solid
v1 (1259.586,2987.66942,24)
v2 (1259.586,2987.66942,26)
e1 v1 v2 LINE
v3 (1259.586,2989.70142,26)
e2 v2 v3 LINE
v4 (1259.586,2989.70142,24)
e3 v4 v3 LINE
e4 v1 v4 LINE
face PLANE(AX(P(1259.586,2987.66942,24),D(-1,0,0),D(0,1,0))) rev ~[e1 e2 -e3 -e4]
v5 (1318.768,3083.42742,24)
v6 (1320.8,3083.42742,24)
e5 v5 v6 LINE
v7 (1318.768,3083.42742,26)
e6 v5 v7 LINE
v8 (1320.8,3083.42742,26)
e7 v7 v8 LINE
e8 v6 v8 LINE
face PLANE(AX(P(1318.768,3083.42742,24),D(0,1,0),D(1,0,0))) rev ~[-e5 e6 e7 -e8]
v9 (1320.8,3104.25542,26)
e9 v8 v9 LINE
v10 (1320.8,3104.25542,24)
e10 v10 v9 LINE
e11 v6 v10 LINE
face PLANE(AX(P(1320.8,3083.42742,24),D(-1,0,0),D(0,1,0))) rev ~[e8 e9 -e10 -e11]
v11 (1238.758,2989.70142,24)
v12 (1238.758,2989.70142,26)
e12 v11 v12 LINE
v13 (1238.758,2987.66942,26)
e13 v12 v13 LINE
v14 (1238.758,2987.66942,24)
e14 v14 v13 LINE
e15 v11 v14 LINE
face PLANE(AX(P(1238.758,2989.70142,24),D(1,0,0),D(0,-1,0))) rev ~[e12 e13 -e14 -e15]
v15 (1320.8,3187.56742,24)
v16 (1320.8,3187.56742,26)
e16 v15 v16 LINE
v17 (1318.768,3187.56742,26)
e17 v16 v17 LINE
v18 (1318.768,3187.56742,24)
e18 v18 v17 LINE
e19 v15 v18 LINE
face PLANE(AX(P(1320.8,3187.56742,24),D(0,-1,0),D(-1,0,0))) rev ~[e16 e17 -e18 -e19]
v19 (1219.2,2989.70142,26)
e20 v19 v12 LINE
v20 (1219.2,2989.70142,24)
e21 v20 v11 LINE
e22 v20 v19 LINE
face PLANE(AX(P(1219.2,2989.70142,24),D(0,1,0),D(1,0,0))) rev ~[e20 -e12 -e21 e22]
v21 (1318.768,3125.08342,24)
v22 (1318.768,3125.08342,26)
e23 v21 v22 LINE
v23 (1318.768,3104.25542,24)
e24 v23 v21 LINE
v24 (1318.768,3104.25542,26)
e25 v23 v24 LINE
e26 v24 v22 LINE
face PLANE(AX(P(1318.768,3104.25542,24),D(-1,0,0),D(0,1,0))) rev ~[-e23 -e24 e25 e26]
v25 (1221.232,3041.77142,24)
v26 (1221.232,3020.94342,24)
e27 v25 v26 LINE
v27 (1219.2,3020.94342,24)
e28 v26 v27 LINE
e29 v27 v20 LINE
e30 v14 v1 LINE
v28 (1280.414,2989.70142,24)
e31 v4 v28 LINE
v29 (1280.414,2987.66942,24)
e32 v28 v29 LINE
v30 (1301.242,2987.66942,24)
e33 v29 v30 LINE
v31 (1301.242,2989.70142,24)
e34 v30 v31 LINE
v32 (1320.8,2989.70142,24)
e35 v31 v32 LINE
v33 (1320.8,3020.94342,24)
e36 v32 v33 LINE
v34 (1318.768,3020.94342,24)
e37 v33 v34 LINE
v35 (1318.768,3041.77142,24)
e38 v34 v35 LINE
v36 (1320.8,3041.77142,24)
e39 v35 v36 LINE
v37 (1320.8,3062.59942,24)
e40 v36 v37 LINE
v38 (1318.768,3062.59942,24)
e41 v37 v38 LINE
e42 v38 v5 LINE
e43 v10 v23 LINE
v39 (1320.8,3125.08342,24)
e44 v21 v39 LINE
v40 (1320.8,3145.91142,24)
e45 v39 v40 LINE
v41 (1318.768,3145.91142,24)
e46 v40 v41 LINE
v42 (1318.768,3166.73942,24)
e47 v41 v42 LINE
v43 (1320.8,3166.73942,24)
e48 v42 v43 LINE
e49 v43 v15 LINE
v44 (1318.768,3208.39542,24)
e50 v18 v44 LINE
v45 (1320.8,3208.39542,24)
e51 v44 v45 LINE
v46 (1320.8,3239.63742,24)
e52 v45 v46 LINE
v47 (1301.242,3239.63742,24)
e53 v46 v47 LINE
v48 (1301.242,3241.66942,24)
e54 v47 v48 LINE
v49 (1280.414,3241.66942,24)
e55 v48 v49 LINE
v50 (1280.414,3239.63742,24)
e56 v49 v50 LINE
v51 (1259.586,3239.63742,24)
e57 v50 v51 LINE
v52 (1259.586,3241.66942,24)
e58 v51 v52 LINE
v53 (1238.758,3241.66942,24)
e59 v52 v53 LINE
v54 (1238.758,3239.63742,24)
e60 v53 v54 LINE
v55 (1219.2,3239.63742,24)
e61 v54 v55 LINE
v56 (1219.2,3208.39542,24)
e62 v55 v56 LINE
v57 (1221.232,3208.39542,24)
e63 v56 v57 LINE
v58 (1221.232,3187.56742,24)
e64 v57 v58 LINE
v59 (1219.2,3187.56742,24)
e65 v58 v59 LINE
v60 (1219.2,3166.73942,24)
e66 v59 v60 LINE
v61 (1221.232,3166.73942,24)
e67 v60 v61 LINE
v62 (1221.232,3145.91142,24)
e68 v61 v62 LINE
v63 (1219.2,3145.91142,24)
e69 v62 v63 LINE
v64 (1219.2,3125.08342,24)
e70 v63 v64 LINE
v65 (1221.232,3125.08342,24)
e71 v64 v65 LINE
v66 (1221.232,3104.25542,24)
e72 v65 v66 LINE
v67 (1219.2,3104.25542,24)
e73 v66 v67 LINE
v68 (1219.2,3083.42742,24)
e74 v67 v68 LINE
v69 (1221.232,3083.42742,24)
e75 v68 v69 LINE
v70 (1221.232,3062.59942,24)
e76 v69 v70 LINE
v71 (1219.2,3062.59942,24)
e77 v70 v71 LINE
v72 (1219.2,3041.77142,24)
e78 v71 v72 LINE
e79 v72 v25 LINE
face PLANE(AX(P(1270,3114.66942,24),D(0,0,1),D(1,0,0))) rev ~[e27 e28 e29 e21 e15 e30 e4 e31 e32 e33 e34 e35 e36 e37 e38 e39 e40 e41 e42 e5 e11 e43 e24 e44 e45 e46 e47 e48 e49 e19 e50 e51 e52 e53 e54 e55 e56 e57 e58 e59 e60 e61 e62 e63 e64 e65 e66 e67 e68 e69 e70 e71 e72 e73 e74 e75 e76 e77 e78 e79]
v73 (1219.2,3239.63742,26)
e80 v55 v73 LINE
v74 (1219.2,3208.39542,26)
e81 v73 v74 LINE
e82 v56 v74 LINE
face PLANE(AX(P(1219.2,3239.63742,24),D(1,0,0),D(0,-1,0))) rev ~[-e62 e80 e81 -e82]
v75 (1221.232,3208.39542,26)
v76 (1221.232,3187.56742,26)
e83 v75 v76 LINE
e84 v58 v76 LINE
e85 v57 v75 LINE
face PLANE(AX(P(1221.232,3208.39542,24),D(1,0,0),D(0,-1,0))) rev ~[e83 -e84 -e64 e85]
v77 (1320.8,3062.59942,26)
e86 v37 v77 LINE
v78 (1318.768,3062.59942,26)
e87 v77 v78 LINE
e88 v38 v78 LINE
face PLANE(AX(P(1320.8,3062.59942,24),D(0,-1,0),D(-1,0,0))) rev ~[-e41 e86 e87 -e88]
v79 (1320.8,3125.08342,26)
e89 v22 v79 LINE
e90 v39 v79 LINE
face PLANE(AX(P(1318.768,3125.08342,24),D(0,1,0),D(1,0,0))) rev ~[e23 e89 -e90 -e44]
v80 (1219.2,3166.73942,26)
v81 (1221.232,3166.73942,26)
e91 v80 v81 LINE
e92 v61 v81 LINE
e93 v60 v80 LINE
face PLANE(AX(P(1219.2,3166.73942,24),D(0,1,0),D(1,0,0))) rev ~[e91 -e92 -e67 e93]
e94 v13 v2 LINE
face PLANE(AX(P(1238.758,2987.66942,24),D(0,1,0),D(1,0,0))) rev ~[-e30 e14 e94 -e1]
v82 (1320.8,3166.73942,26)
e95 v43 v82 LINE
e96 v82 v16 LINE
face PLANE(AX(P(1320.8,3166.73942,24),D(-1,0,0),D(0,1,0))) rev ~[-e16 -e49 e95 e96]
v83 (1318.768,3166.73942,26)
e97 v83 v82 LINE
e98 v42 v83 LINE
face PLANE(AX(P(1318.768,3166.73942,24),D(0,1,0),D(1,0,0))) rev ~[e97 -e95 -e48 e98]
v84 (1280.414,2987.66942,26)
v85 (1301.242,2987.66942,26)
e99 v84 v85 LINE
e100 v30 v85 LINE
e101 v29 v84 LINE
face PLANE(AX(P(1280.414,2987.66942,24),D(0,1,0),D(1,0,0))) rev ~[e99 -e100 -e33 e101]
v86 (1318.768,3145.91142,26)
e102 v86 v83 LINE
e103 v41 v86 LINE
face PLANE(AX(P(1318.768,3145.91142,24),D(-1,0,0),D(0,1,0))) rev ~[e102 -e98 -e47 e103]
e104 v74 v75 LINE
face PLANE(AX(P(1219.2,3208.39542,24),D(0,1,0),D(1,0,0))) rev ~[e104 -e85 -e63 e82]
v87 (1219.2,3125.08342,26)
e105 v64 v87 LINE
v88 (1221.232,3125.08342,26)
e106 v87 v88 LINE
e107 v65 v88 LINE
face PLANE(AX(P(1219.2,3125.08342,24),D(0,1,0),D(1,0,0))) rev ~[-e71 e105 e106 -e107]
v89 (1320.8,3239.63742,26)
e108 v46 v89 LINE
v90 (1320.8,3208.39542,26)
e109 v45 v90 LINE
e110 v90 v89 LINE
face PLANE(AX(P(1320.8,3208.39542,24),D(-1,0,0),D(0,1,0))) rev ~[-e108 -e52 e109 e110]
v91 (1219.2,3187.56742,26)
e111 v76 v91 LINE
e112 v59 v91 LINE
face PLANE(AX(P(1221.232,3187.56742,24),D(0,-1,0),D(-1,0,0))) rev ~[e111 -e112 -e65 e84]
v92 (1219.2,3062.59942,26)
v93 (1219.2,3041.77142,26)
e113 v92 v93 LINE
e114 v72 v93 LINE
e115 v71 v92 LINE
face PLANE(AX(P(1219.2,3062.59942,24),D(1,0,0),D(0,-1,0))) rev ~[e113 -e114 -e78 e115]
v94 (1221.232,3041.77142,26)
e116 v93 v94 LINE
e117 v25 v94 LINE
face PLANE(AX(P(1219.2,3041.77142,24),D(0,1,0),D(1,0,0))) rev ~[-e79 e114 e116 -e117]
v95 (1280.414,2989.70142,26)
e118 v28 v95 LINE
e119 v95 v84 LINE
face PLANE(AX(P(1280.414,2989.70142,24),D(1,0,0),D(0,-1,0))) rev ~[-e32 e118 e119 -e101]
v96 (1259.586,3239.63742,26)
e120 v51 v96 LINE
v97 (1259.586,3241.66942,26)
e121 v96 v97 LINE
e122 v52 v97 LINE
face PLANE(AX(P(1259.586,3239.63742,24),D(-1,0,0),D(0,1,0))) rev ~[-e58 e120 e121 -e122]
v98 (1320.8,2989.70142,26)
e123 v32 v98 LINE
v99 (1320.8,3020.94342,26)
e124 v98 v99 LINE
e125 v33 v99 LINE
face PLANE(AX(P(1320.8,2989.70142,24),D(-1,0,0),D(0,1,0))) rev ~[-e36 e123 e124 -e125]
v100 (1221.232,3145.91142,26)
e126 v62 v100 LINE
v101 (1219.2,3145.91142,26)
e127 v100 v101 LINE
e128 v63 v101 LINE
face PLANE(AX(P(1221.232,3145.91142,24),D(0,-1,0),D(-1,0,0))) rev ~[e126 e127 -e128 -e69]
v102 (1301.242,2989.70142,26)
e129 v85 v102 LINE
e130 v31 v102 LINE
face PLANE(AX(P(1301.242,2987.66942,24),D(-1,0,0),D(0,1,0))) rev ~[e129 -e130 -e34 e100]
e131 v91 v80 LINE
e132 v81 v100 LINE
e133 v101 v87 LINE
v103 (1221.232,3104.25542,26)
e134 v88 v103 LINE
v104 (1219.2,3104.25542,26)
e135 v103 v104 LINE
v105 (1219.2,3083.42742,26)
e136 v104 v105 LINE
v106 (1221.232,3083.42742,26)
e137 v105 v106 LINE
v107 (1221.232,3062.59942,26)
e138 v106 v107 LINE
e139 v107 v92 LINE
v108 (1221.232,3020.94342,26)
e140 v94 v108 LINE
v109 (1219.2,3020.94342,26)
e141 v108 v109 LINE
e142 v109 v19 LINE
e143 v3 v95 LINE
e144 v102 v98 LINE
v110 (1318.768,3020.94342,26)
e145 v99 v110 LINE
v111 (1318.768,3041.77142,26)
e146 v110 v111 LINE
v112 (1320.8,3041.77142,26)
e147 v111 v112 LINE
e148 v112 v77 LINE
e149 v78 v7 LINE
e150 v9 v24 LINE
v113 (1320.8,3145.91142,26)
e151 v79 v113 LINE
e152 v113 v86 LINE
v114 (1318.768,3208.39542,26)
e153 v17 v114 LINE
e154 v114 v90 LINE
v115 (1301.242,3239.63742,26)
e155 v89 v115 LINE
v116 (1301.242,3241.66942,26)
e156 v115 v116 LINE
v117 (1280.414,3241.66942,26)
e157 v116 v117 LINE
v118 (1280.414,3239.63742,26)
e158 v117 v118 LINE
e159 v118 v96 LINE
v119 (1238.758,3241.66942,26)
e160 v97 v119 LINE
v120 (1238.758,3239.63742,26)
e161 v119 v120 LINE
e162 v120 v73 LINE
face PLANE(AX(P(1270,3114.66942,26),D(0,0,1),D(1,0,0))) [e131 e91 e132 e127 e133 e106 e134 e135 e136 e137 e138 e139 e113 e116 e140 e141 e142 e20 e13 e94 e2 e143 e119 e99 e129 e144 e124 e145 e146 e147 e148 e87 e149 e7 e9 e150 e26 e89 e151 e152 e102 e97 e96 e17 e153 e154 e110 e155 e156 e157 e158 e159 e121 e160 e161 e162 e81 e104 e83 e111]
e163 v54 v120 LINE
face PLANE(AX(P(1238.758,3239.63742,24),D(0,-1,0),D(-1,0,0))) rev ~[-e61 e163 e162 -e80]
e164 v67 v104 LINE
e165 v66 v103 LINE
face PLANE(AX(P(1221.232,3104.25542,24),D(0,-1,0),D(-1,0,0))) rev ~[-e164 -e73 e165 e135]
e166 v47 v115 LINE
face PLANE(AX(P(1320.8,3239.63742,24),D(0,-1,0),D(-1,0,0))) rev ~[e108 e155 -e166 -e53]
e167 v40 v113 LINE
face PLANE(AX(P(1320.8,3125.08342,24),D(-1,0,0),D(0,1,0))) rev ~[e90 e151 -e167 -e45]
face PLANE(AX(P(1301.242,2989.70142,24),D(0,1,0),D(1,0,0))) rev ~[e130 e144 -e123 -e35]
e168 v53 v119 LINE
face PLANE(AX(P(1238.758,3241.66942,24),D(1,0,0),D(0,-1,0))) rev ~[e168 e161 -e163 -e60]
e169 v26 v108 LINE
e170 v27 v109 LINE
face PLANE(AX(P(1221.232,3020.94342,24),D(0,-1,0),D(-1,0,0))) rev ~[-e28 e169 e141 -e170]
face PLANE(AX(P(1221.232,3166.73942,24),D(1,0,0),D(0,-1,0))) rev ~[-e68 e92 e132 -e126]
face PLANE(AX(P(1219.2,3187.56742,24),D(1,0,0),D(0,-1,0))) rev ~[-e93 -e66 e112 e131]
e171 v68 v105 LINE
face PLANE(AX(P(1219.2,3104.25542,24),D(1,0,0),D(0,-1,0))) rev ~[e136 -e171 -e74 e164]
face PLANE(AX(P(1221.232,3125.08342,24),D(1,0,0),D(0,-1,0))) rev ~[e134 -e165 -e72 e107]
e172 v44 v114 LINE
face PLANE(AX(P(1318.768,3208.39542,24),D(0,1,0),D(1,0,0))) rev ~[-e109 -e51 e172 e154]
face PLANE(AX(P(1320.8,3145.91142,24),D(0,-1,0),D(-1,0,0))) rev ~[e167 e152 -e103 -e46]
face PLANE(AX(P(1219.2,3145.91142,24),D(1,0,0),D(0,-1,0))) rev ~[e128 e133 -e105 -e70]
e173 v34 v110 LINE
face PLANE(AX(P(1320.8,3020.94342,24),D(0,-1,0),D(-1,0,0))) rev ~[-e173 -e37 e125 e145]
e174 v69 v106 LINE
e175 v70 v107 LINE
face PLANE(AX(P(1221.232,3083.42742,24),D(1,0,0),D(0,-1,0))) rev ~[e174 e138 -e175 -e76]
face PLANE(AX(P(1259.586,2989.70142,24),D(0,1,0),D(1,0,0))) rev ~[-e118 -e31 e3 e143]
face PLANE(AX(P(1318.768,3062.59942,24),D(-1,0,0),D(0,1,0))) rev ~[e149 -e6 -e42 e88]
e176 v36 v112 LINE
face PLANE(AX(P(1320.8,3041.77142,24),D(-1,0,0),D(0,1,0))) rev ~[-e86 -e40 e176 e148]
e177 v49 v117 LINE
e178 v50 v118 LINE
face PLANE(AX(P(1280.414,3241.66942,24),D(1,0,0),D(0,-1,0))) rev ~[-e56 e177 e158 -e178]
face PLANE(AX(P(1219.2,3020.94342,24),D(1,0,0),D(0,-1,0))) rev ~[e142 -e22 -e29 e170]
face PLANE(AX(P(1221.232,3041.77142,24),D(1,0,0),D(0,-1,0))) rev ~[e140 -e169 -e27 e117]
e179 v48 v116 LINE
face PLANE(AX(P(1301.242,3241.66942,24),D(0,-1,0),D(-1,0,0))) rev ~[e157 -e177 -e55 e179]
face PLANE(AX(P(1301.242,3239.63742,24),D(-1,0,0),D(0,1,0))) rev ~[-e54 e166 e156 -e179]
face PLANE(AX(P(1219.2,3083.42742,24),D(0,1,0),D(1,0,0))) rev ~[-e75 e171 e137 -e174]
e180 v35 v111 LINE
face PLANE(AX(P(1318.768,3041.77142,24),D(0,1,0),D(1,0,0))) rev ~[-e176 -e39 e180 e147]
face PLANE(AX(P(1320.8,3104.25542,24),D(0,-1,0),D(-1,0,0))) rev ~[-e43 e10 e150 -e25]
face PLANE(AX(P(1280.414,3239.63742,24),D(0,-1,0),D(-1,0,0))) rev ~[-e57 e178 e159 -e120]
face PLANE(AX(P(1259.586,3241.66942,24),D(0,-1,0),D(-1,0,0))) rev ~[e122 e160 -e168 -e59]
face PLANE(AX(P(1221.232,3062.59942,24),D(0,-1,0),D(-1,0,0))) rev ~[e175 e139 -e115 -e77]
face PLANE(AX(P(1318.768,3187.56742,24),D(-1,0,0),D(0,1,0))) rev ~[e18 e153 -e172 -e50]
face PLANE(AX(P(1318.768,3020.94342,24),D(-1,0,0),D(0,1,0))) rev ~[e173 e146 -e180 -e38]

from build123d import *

# Parameters (mm, degrees)
BOSS_EXTRUDE1_DEPTH = 50
SCALE1_SCALE        = 0.04


with BuildPart() as part:
    # Sketch1 → Boss-Extrude1 (new body)
    with BuildSketch(Plane.XY):
        Polygon((0, 6238.869420035), (0, 5457.819420035), (50.8, 5457.819420035), (50.8, 4937.119420035), (0, 4937.119420035), (0, 4416.419420035), (50.8, 4416.419420035), (50.8, 3895.719420035), (0, 3895.719420035), (0, 3375.019420035), (50.8, 3375.019420035), (50.8, 2854.319420035), (0, 2854.319420035), (0, 2333.619420035), (50.8, 2333.619420035), (50.8, 1812.919420035), (0, 1812.919420035), (0, 1292.219420035), (50.8, 1292.219420035), (50.8, 771.519420035), (0, 771.519420035), (0, 250.819420035), (0, -9.530579965), (488.95, -9.530579965), (488.95, -60.330579965), (1009.65, -60.330579965), (1009.65, -9.530579965), (1530.35, -9.530579965), (1530.35, -60.330579965), (2051.05, -60.330579965), (2051.05, -9.530579965), (2540, -9.530579965), (2540, 771.519420035), (2489.2, 771.519420035), (2489.2, 1292.219420035), (2540, 1292.219420035), (2540, 1812.919420035), (2489.2, 1812.919420035), (2489.2, 2333.619420035), (2540, 2333.619420035), (2540, 2854.319420035), (2489.2, 2854.319420035), (2489.2, 3375.019420035), (2540, 3375.019420035), (2540, 3895.719420035), (2489.2, 3895.719420035), (2489.2, 4416.419420035), (2540, 4416.419420035), (2540, 4937.119420035), (2489.2, 4937.119420035), (2489.2, 5457.819420035), (2540, 5457.819420035), (2540, 5978.519420035), (2540, 6238.869420035), (2051.05, 6238.869420035), (2051.05, 6289.669420035), (1530.35, 6289.669420035), (1530.35, 6238.869420035), (1009.65, 6238.869420035), (1009.65, 6289.669420035), (488.95, 6289.669420035), (488.95, 6238.869420035), align=None)
    extrude(amount=BOSS_EXTRUDE1_DEPTH)


with BuildPart() as part_1:
    # Scale1: scaled about (1270, 3114.669420035, 25)
    add(part.part.scale(SCALE1_SCALE).moved(Location((1219.2, 2990.082643234, 24))))


solid = part_1.part
